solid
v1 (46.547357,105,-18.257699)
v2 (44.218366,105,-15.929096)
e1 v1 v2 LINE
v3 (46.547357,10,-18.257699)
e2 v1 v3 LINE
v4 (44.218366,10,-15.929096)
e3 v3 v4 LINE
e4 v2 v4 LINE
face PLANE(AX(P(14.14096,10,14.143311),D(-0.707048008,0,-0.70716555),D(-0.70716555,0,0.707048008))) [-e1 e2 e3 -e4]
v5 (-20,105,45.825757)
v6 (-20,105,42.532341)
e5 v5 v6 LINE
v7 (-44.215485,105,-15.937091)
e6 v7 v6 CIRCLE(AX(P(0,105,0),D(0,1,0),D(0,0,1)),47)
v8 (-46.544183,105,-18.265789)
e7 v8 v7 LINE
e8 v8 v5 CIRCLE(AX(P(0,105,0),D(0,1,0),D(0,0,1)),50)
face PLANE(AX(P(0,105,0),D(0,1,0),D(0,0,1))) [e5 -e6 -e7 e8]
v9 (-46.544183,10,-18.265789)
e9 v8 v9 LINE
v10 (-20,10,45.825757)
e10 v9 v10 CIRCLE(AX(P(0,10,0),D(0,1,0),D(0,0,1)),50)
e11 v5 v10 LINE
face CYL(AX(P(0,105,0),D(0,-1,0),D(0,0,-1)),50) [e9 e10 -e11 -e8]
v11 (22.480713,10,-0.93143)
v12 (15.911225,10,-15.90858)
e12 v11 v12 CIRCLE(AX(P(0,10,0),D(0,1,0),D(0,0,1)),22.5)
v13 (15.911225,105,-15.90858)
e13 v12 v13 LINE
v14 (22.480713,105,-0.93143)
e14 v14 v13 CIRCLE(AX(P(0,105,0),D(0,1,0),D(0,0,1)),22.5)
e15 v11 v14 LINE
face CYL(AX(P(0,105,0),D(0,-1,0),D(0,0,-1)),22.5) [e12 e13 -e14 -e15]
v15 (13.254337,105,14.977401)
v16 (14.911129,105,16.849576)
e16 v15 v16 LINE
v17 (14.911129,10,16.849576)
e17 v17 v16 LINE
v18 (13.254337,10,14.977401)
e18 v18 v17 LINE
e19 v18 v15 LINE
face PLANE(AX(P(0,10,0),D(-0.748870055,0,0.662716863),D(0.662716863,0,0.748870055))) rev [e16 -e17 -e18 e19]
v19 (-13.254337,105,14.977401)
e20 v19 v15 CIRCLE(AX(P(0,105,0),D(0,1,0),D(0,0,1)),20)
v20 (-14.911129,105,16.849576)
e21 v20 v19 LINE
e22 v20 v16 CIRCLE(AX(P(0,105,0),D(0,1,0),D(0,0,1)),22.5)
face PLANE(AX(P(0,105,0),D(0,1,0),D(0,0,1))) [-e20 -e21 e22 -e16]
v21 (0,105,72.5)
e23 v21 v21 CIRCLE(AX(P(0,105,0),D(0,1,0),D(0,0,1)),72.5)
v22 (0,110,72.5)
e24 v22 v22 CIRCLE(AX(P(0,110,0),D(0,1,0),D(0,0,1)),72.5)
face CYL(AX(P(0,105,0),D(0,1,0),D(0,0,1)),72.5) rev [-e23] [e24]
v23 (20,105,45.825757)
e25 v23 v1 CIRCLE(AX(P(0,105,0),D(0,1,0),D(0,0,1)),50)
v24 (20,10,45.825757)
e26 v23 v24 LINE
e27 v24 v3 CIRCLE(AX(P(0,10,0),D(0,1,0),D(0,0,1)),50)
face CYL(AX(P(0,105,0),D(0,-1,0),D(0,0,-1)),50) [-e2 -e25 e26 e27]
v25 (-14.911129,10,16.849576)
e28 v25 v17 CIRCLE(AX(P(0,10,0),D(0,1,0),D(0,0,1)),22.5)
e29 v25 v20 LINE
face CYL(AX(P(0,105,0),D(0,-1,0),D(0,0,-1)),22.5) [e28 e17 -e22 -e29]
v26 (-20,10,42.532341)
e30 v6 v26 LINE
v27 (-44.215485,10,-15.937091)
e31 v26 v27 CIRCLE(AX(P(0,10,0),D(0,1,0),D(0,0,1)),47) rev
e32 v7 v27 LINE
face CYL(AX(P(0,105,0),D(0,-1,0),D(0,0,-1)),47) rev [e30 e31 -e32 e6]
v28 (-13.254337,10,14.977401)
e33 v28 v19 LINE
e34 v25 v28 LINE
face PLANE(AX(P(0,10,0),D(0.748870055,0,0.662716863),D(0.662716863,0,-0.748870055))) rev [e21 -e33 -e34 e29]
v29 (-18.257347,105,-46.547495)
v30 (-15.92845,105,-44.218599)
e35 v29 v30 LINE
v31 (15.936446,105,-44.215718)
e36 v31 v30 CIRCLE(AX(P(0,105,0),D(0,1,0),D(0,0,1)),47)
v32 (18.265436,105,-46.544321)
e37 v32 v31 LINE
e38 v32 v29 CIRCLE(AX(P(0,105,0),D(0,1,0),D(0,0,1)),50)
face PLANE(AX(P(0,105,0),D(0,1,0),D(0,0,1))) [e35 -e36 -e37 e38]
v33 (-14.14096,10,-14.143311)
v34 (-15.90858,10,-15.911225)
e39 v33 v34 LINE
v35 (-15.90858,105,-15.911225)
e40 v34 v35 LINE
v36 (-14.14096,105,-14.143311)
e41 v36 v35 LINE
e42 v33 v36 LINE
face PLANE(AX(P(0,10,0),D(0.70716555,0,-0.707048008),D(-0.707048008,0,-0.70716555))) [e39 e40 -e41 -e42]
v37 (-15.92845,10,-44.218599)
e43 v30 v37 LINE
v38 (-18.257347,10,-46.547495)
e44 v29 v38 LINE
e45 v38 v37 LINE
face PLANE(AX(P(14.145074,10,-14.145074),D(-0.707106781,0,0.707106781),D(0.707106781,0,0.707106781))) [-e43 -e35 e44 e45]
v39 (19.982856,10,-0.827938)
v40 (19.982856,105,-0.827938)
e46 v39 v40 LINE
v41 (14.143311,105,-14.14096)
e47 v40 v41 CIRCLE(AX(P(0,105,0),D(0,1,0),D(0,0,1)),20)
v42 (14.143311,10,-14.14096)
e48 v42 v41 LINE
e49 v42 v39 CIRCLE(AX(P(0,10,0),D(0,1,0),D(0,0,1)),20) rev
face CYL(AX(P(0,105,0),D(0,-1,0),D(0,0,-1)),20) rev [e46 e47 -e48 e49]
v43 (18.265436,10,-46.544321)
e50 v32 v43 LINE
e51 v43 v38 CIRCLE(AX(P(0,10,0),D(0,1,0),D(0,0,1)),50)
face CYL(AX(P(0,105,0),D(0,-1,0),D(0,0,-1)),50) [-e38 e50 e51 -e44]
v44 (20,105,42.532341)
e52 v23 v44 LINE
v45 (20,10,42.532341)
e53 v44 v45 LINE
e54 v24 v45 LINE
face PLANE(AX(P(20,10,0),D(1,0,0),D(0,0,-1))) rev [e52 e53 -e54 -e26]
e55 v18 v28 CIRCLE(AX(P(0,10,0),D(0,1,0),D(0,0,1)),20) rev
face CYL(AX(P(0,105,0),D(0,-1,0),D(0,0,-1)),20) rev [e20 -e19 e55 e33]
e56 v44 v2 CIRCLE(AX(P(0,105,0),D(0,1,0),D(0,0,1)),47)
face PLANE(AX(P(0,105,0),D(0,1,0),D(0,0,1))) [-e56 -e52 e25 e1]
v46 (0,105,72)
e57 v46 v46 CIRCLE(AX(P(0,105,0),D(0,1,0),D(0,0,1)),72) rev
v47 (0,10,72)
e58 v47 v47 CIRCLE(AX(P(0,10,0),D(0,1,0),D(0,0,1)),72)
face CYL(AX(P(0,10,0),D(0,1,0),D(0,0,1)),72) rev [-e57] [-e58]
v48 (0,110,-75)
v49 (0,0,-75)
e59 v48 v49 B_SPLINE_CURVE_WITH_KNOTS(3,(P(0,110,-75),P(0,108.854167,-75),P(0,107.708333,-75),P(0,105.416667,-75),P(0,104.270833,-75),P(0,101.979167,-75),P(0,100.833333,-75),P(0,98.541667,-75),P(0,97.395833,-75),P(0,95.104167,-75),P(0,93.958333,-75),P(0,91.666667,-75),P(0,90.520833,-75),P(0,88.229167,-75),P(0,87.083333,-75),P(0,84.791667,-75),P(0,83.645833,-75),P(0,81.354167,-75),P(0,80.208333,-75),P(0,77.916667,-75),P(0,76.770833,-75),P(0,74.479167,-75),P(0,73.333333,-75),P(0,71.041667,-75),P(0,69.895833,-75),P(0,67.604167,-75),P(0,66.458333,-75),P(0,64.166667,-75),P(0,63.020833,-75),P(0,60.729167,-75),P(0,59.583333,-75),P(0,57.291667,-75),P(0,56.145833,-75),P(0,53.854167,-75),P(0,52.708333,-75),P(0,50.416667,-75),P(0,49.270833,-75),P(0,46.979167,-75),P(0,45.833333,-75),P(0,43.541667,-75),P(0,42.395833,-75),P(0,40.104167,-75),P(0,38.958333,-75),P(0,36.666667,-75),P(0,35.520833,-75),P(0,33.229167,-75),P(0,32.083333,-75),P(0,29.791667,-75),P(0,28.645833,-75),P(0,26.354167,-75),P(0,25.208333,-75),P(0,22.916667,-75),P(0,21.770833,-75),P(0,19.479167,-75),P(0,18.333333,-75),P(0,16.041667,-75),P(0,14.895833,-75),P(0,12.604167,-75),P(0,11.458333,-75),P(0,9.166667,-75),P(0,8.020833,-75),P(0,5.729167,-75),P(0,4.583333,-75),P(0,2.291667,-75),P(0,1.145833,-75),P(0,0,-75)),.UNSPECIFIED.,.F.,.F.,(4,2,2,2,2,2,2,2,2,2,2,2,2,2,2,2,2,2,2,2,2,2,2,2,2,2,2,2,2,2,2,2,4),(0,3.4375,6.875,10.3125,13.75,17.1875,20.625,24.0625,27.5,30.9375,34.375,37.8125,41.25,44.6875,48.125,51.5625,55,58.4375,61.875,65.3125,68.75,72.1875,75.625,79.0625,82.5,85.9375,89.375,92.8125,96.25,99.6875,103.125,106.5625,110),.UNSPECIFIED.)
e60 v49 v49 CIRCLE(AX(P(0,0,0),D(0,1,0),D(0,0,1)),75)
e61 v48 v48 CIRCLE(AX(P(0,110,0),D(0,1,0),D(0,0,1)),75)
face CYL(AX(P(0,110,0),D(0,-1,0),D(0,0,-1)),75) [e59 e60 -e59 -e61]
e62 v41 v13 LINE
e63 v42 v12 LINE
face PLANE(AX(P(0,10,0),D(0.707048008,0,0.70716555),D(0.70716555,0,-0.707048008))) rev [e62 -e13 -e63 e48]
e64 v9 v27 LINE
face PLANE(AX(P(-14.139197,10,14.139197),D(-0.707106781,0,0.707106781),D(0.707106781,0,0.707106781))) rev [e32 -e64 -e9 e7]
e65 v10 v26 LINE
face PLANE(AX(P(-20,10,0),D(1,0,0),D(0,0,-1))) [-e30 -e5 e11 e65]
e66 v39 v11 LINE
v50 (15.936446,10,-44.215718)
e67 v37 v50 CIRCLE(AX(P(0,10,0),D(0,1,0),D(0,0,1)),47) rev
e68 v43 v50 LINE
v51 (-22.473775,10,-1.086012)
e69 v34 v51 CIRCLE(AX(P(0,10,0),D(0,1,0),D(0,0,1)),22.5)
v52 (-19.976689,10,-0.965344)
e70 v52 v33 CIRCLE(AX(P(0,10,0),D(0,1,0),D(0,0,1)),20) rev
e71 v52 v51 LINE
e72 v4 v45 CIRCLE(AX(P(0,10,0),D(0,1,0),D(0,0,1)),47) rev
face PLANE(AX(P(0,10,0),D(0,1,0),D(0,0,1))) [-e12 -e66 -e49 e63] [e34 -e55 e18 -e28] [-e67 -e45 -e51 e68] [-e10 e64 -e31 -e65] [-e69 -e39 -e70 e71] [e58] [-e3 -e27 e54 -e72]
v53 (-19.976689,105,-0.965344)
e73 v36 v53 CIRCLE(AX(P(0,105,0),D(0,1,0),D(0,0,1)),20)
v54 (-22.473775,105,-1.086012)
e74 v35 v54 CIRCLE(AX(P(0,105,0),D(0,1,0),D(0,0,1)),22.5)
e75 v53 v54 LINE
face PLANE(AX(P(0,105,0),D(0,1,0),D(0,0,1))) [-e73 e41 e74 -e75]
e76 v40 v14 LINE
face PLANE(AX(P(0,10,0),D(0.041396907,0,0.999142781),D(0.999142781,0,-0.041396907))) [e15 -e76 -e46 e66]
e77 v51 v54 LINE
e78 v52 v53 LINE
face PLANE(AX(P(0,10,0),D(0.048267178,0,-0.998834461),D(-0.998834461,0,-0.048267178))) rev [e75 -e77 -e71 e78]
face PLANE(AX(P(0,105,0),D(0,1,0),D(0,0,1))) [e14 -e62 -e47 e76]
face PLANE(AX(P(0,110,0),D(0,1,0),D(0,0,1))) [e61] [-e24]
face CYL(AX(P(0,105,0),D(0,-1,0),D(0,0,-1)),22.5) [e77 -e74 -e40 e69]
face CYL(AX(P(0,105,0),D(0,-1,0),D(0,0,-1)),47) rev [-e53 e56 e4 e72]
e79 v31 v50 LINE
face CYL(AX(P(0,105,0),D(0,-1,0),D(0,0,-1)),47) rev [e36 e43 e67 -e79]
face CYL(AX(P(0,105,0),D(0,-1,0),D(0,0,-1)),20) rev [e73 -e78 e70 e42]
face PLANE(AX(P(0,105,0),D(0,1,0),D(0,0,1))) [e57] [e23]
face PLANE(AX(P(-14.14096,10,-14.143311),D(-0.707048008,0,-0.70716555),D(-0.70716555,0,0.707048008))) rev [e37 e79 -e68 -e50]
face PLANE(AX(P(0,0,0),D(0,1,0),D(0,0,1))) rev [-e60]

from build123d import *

# Parameters (mm, degrees)
SKETCH1_R           = 75
BOSS_EXTRUDE1_DEPTH = 110
SKETCH2_R           = 72
CUT_EXTRUDE1_DEPTH  = 100
SKETCH3_R           = 72.5
CUT_EXTRUDE2_DEPTH  = 5
SKETCH8_R           = 50
SKETCH8_R_2         = 47
BOSS_EXTRUDE4_DEPTH = 95
SKETCH10_R          = 22.5
SKETCH10_R_2        = 20
BOSS_EXTRUDE5_DEPTH = 95
CUT_EXTRUDE3_START  = -95
SKETCH11_W          = 20
SKETCH11_H          = 27.4
CUT_EXTRUDE3_DEPTH  = 95


with BuildPart() as part:
    # Sketch1 → Boss-Extrude1 (new body)
    with BuildSketch(Plane(origin=(0, 0, 0), x_dir=(1, 0, 0), z_dir=(0, 1, 0))):
        with Locations(Location((0, 0, 0), (0, 0, 90))):
            Circle(SKETCH1_R)
    extrude(amount=BOSS_EXTRUDE1_DEPTH)

    # Sketch2 → Cut-Extrude1 (cut)
    with BuildSketch(Plane(origin=(0, 110, 0), x_dir=(1, 0, 0), z_dir=(0, 1, 0))):
        with Locations(Location((0, 0, 0), (0, 0, 270))):
            Circle(SKETCH2_R)
    extrude(amount=-CUT_EXTRUDE1_DEPTH, mode=Mode.SUBTRACT)

    # Sketch3 → Cut-Extrude2 (cut)
    with BuildSketch(Plane(origin=(0, 110, 0), x_dir=(1, 0, 0), z_dir=(0, 1, 0))):
        with Locations(Location((0, 0, 0), (0, 0, 270))):
            Circle(SKETCH3_R)
    extrude(amount=-CUT_EXTRUDE2_DEPTH, mode=Mode.SUBTRACT)

    # Sketch8 → Boss-Extrude4 (add)
    with BuildSketch(Plane(origin=(0, 10, 0), x_dir=(1, 0, 0), z_dir=(0, 1, 0))):
        with Locations(Location((0, 0, 0), (0, 0, 270))):
            Circle(SKETCH8_R)
        with Locations(Location((0, 0, 0), (0, 0, 270))):
            Circle(SKETCH8_R_2, mode=Mode.SUBTRACT)
    extrude(amount=BOSS_EXTRUDE4_DEPTH)

    # Sketch10 → Boss-Extrude5 (add)
    with BuildSketch(Plane(origin=(0, 10, 0), x_dir=(1, 0, 0), z_dir=(0, 1, 0))):
        with Locations(Location((0, 0, 0), (0, 0, 270))):
            Circle(SKETCH10_R)
        with Locations(Location((0, 0, 0), (0, 0, 270))):
            Circle(SKETCH10_R_2, mode=Mode.SUBTRACT)
    extrude(amount=BOSS_EXTRUDE5_DEPTH)

    # Sketch11 → Cut-Extrude3 (cut)
    with BuildSketch(Plane(origin=(0, 105, 0), x_dir=(1, 0, 0), z_dir=(0, 1, 0)).offset(CUT_EXTRUDE3_START)):
        with Locations((-10, -36.3)):
            Rectangle(SKETCH11_W, SKETCH11_H)
        with Locations((10, -36.3)):
            Rectangle(SKETCH11_W, SKETCH11_H)
        Polygon((-35.352400393, 35.358277481), (-15.986116357, 15.988773936), (-15.984553545, 15.990430632), (-2.254814273, 30.544962608), (-21.21026477, 49.500413105), align=None)
        Polygon((-49.494536017, 21.216141857), (-29.714292817, 1.435898657), (-15.986116357, 15.988773936), (-35.352400393, 35.358277481), align=None)
        Polygon((2.486026551, 30.767534041), (15.99775062, 15.995091549), (35.358277481, 35.352400393), (21.217317324, 49.495711386), align=None)
        Polygon((35.358277481, 35.352400393), (15.99775062, 15.995091549), (29.509474689, 1.222649056), (49.499237638, 21.209089401), align=None)
        with BuildLine():
            ThreePointArc((-13.25433726, -14.977401103), (-18.428729118, -7.770581901), (-19.97668921, 0.96534356))
            Line((-19.97668921, 0.96534356), (-22.473775362, 1.086011505))
            ThreePointArc((-22.473775362, 1.086011505), (-20.732320258, -8.741904639), (-14.911129417, -16.849576241))
            Line((-14.911129417, -16.849576241), (-13.25433726, -14.977401103))
        make_face()
        with BuildLine():
            ThreePointArc((20, 0), (18.235771785, -8.213198366), (13.25433726, -14.977401103))
            Line((13.25433726, -14.977401103), (14.911129417, -16.849576241))
            ThreePointArc((14.911129417, -16.849576241), (20.515243258, -9.239848162), (22.5, 0))
            ThreePointArc((22.5, 0), (22.495177624, 0.46581504), (22.480712564, 0.931430406))
            Line((22.480712564, 0.931430406), (19.982855613, 0.827938139))
            ThreePointArc((19.982855613, 0.827938139), (19.995713444, 0.414057814), (20, 0))
        make_face()
        with BuildLine():
            Line((-15.908580177, 15.911224866), (-14.140960157, 14.143310992))
            ThreePointArc((-14.140960157, 14.143310992), (0.001662291, 19.999999931), (14.143310992, 14.140960157))
            Line((14.143310992, 14.140960157), (15.911224866, 15.908580177))
            ThreePointArc((15.911224866, 15.908580177), (0.001870078, 22.499999922), (-15.908580177, 15.911224866))
        make_face()
    extrude(amount=CUT_EXTRUDE3_DEPTH, mode=Mode.SUBTRACT)


solid = part.part
